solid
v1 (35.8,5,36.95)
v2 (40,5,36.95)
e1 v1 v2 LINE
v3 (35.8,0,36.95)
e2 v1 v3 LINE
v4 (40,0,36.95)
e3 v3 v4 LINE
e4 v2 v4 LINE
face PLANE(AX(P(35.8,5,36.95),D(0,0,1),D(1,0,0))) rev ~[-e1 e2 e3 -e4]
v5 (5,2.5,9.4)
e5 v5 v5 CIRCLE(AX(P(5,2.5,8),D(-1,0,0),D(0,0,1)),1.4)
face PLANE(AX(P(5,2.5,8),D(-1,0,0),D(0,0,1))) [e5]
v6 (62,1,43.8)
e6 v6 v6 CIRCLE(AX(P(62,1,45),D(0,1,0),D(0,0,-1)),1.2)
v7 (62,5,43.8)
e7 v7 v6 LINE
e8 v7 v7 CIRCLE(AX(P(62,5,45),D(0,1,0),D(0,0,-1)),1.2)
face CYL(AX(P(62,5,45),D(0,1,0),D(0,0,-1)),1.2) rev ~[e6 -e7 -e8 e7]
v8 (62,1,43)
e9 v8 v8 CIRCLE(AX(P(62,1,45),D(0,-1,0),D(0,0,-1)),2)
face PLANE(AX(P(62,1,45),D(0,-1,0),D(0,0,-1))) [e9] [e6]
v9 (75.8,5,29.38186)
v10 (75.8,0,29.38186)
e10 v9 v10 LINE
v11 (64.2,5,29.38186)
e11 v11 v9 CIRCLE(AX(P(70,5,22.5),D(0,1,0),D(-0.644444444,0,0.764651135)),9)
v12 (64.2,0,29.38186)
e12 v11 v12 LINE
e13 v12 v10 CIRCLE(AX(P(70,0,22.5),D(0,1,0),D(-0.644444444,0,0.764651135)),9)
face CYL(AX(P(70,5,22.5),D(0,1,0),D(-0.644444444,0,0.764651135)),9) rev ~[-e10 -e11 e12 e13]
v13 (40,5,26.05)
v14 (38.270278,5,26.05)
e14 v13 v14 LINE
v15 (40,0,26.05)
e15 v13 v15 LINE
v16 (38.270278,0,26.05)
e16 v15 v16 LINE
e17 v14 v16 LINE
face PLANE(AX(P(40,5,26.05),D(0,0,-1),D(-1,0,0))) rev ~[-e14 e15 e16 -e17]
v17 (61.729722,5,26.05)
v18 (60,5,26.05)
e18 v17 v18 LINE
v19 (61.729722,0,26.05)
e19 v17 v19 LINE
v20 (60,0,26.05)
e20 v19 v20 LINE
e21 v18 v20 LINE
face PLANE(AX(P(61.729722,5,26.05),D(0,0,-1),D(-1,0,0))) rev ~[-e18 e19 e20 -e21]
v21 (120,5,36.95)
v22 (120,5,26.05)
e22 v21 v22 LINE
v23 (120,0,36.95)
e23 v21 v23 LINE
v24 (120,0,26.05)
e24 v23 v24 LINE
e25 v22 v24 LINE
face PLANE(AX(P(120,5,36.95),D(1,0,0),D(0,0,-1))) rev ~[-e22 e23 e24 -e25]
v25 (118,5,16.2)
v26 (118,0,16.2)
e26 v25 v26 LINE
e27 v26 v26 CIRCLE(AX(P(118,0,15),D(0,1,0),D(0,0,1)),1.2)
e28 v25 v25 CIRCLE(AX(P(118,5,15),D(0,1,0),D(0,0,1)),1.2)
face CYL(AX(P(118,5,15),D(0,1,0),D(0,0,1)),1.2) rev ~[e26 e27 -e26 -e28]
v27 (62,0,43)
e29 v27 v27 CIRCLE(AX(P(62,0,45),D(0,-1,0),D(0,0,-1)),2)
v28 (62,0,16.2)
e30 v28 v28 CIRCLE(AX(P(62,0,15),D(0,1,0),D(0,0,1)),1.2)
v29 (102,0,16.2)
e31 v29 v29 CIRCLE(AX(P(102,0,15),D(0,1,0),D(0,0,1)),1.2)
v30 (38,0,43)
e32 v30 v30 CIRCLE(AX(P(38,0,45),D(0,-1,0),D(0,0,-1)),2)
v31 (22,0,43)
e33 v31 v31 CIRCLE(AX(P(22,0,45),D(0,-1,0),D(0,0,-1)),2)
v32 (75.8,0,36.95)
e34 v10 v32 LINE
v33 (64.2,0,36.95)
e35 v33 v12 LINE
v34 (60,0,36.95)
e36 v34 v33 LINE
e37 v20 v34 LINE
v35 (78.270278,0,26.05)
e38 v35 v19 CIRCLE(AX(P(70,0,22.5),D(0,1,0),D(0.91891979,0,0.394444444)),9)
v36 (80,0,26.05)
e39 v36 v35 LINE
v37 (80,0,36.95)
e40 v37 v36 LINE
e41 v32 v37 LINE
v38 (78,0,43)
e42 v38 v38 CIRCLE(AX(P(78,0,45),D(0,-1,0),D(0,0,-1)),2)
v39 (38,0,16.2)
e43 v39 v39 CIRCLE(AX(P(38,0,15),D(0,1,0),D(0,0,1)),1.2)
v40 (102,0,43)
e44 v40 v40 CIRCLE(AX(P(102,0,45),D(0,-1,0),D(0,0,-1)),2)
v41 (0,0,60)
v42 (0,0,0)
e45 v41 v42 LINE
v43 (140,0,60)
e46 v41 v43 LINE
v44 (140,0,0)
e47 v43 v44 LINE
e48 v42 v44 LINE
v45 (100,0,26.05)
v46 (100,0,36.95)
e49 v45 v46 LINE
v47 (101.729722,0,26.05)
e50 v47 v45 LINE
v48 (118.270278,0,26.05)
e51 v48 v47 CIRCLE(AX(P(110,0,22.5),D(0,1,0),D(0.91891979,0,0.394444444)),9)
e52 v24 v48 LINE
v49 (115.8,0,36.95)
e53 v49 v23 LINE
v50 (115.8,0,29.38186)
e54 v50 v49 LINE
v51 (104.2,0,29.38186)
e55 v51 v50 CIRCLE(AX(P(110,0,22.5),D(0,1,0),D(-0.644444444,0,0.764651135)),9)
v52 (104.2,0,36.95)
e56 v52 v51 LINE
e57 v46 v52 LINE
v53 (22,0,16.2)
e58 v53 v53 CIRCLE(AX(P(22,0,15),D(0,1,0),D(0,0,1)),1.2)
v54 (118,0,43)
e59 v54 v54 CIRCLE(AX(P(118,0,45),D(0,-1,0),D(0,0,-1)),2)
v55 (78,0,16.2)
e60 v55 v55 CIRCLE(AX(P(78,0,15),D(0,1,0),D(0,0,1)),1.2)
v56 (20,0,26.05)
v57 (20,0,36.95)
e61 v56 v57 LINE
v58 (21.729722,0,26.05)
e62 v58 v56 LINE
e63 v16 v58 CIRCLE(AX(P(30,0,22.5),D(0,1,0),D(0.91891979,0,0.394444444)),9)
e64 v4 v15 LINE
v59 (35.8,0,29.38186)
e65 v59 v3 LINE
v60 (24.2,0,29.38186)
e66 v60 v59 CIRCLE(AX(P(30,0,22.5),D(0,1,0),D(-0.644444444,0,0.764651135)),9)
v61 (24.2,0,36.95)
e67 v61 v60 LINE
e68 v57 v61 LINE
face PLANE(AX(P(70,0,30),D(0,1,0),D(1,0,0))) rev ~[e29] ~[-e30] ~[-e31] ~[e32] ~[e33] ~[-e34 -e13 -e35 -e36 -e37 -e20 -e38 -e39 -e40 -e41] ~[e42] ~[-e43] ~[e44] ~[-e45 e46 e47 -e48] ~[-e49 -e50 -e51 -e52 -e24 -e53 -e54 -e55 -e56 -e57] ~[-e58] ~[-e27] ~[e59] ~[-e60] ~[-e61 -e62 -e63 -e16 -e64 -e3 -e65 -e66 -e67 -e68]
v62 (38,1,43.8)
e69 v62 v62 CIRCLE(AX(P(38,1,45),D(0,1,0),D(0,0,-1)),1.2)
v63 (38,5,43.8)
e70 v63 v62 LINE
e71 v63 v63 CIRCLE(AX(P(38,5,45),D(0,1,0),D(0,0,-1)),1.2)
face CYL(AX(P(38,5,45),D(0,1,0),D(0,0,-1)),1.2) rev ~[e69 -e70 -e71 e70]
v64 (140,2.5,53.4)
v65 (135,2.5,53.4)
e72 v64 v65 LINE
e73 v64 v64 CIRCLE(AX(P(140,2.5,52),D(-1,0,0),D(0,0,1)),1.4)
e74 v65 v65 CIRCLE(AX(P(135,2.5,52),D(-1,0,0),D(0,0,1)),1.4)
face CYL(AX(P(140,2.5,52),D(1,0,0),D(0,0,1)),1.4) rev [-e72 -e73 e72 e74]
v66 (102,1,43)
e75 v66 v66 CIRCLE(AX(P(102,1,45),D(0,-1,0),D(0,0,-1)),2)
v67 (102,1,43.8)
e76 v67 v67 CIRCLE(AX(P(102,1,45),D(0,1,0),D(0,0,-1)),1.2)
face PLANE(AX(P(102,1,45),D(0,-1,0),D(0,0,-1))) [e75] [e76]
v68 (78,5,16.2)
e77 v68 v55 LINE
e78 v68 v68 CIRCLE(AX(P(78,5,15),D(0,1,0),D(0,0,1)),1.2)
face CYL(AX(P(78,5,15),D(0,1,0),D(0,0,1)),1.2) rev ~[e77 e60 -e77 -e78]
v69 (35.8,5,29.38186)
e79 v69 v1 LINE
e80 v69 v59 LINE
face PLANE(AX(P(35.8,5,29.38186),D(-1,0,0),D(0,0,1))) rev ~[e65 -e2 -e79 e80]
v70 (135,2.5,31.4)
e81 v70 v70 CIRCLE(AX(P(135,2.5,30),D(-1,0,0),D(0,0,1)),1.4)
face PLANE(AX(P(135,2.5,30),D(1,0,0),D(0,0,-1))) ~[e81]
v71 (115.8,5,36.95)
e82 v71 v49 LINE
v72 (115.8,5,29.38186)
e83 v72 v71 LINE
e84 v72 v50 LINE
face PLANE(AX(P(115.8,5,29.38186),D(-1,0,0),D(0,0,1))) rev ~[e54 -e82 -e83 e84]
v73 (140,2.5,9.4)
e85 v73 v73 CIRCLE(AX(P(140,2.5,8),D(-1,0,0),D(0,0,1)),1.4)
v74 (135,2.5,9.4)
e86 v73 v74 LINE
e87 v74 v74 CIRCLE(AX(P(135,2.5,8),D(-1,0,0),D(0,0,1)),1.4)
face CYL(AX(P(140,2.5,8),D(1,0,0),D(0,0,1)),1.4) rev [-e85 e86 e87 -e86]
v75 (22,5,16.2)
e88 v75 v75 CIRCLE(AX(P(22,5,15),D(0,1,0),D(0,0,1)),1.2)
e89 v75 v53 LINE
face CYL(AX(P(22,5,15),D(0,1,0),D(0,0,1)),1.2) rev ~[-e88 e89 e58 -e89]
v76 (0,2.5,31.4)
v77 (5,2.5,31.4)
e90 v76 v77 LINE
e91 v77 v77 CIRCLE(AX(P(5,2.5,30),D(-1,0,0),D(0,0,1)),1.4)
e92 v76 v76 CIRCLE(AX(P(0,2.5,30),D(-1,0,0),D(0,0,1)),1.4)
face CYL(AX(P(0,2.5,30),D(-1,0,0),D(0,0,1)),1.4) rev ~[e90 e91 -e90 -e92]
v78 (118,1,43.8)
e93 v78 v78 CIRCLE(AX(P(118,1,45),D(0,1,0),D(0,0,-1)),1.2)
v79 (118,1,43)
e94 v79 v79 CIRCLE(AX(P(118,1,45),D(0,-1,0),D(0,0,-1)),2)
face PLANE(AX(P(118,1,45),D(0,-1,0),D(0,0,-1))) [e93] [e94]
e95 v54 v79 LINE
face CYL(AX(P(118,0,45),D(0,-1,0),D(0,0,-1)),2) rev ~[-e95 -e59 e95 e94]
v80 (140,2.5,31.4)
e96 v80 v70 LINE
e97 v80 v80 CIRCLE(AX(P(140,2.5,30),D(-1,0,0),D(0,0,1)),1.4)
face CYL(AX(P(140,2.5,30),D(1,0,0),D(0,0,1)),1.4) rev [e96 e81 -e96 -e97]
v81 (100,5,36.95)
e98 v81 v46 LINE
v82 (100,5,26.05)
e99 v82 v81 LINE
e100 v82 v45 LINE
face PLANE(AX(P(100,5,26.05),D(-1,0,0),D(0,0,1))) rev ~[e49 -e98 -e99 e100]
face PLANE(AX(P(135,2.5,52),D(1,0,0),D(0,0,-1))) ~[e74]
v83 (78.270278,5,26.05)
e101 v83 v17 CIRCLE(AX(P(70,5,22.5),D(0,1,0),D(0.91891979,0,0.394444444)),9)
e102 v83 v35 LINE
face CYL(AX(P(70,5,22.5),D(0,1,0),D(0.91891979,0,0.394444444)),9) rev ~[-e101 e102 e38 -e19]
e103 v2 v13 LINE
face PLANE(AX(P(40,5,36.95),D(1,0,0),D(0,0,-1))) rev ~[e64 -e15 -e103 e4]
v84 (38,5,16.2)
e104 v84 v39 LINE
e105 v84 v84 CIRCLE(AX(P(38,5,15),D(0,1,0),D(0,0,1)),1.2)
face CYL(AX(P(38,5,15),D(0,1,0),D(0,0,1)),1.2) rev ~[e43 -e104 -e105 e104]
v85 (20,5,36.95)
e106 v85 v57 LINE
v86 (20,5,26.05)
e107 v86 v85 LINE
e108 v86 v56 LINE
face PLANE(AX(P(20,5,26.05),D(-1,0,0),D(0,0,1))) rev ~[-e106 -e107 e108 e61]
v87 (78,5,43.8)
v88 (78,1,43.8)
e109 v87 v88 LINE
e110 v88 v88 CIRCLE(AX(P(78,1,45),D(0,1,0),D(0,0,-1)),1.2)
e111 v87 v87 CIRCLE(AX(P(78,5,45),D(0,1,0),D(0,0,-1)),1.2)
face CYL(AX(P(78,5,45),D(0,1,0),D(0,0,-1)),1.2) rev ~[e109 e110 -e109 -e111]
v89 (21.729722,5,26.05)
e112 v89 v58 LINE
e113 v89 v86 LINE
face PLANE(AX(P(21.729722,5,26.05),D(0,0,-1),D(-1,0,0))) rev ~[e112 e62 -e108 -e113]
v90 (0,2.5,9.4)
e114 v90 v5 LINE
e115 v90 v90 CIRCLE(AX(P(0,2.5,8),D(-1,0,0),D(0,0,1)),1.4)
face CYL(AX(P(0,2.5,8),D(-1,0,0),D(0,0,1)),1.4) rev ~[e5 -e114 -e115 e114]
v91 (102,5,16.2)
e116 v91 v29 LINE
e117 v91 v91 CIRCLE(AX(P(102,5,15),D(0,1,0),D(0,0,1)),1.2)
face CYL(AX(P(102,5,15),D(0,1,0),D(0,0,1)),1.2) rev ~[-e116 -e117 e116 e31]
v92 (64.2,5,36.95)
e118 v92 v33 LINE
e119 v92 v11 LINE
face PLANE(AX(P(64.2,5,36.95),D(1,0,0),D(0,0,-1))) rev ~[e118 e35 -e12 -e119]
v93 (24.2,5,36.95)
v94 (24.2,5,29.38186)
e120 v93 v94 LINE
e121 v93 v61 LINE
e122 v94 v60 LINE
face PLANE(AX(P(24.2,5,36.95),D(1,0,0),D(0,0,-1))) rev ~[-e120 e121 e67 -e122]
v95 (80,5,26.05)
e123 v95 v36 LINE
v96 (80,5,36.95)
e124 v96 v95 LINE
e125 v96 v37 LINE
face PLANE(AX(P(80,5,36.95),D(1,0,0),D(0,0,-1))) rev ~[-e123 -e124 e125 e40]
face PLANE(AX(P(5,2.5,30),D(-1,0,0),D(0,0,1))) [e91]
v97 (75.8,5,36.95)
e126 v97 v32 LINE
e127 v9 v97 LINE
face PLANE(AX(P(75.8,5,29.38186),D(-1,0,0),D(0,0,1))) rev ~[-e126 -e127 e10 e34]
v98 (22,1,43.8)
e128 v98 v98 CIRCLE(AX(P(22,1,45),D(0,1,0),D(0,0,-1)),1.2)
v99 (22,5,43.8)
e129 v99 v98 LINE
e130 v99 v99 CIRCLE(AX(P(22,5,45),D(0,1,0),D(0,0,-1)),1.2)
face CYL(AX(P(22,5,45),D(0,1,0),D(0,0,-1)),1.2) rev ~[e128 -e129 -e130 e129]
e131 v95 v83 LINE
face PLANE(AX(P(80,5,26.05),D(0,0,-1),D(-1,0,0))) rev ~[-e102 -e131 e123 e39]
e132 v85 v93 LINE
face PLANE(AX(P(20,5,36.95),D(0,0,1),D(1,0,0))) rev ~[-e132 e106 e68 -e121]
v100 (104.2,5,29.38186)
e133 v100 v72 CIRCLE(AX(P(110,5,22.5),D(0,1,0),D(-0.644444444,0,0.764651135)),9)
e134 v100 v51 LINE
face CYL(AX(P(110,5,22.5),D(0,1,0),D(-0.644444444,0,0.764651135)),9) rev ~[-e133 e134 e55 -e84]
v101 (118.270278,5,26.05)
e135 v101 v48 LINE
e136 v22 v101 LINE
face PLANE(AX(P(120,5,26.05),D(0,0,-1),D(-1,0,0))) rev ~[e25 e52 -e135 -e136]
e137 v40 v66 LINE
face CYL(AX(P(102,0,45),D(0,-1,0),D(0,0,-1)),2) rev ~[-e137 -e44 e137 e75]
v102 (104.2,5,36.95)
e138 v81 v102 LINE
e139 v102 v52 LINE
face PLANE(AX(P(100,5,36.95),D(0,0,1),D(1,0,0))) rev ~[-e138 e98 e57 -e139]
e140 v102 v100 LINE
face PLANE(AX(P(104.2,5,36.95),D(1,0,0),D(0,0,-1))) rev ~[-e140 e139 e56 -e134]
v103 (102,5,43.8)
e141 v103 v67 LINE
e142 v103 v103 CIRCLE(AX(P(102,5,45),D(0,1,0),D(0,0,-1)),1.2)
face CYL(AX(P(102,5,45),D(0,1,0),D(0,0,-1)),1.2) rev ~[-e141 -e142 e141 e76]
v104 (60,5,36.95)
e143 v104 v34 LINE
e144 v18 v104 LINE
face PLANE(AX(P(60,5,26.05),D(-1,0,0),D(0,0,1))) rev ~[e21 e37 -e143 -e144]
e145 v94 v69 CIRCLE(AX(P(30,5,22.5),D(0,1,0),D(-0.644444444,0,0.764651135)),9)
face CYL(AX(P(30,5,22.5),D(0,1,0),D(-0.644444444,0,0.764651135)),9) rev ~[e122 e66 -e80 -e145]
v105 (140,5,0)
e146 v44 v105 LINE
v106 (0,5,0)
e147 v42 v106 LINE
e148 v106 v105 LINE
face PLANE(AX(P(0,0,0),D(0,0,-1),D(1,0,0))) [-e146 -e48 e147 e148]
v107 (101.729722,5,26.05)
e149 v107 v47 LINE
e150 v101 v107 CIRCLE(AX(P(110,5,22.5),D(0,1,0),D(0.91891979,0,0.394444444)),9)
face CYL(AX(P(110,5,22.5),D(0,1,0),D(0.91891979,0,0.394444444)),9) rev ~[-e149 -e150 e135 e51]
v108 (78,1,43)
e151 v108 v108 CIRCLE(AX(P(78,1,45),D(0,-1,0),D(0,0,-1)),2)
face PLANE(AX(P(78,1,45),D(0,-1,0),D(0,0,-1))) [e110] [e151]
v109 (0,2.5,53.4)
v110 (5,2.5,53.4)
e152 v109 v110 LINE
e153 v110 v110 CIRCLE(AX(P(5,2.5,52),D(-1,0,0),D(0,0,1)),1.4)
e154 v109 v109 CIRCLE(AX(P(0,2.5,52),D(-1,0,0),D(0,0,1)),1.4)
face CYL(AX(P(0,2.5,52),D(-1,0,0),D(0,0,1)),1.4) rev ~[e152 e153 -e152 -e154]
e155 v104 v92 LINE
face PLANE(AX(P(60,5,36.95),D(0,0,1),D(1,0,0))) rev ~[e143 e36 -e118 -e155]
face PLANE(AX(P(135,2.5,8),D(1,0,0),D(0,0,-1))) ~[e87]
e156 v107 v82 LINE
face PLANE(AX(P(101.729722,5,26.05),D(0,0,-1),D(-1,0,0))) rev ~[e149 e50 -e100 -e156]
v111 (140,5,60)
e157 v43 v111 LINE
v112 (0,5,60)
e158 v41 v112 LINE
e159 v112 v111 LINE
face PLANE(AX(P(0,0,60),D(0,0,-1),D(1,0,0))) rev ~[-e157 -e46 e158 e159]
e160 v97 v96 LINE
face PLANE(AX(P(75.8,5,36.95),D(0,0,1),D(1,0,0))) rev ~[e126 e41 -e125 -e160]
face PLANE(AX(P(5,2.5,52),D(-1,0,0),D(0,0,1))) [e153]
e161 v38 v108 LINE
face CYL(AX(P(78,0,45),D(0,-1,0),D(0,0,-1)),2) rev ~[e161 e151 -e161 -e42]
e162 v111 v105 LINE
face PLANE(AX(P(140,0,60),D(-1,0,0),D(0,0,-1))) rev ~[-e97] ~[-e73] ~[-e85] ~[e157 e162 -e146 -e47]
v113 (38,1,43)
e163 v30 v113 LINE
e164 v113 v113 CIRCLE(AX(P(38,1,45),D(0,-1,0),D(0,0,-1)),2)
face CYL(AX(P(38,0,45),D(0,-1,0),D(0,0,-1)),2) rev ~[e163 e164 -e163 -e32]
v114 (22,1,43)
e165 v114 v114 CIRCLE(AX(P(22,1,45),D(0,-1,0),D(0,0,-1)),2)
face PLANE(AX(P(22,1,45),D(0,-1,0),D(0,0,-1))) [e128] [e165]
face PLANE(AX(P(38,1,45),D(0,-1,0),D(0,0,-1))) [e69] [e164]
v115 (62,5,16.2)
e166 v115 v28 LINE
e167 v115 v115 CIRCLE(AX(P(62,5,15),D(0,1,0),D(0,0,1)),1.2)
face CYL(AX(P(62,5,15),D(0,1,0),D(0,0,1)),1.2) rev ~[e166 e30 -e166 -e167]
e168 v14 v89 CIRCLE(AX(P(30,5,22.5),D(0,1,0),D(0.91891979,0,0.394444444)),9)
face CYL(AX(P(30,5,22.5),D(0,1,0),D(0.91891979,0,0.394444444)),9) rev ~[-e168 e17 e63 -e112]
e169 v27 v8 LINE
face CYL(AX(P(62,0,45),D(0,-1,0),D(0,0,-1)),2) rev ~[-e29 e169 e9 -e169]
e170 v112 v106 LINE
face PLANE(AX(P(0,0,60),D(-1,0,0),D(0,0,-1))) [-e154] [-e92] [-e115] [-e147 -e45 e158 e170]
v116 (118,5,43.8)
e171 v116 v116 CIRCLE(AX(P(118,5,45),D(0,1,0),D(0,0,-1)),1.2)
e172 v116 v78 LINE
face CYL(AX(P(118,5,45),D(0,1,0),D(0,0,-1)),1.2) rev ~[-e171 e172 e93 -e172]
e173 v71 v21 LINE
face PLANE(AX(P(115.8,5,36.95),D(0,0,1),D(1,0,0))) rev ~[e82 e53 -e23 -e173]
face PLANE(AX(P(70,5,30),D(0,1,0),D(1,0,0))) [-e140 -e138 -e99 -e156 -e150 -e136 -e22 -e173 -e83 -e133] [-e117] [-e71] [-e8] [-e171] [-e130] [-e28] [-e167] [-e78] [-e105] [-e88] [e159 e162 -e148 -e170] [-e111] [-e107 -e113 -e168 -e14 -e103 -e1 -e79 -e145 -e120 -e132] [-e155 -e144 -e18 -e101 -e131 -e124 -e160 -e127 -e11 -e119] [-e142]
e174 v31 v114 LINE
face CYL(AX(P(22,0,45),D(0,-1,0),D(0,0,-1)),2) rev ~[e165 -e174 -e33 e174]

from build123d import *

# Parameters (mm, degrees)
SKETCH_1_W             = 140
SKETCH_1_H             = 60
EXTRUDE_1_DEPTH        = 5
SKETCH_2_R             = 1.2
CUT_EXTRUDE_1096_DEPTH = 153.397506541
SKETCH_4_R             = 1.4
CUT_EXTRUDE_3_DEPTH    = 5
PATTERN_LINEAR_1_COUNT = 3
PATTERN_LINEAR_1_PITCH = 40
SKETCH_6_R             = 2
CUT_EXTRUDE_4_DEPTH    = 1


with BuildPart() as part:
    # 草图1 → 凸台-拉伸1 (new body)
    with BuildSketch(Plane(origin=(0, 0, 0), x_dir=(1, 0, 0), z_dir=(0, 1, 0))):
        with Locations((70, -30)):
            Rectangle(SKETCH_1_W, SKETCH_1_H)
    extrude(amount=EXTRUDE_1_DEPTH)

    # 草图2 → Cut-Extrude 1096 (cut, through all)
    with BuildSketch(Plane(origin=(0, 5, 0), x_dir=(1, 0, 0), z_dir=(0, 1, 0))):
        with Locations((102, -15)):
            Circle(SKETCH_2_R)
        with Locations((118, -15)):
            Circle(SKETCH_2_R)
        with Locations((102, -45)):
            Circle(SKETCH_2_R)
        with Locations((118, -45)):
            Circle(SKETCH_2_R)
        with BuildLine():
            Line((100, -26.05), (100, -36.95))
            Line((100, -36.95), (104.2, -36.95))
            Line((104.2, -36.95), (104.2, -29.381860214))
            ThreePointArc((104.2, -29.381860214), (110, -31.5), (115.8, -29.381860214))
            Line((115.8, -29.381860214), (115.8, -36.95))
            Line((115.8, -36.95), (120, -36.95))
            Line((120, -36.95), (120, -26.05))
            Line((120, -26.05), (118.270278109, -26.05))
            ThreePointArc((118.270278109, -26.05), (110, -13.5), (101.729721891, -26.05))
            Line((101.729721891, -26.05), (100, -26.05))
        make_face()
    cut_extrude_1096 = extrude(amount=-CUT_EXTRUDE_1096_DEPTH, mode=Mode.SUBTRACT)

    # 草图4 → 切除-拉伸3 (cut)
    with BuildSketch(Plane.ZY):
        with Locations((30, 2.5)):
            Circle(SKETCH_4_R)
        with Locations((8, 2.5)):
            Circle(SKETCH_4_R)
        with Locations((52, 2.5)):
            Circle(SKETCH_4_R)
    cut_extrude_3 = extrude(amount=-CUT_EXTRUDE_3_DEPTH, mode=Mode.SUBTRACT)

    # 镜向1: 切除-拉伸3 across plane
    add(cut_extrude_3.mirror(Plane(origin=(70, 0, 0), x_dir=(0, 0, 1), z_dir=(1, 0, 0))), mode=Mode.SUBTRACT)

    # 阵列(线性)1: Cut-Extrude 1096 ×3
    with Locations(*[(-i * PATTERN_LINEAR_1_PITCH, 0, 0) for i in range(1, PATTERN_LINEAR_1_COUNT)]):
        add(cut_extrude_1096, mode=Mode.SUBTRACT)

    # 草图6 → 切除-拉伸4 (cut)
    with BuildSketch(Plane.XZ):
        with Locations((22, 45)):
            Circle(SKETCH_6_R)
        with Locations((38, 45)):
            Circle(SKETCH_6_R)
        with Locations((62, 45)):
            Circle(SKETCH_6_R)
        with Locations((78, 45)):
            Circle(SKETCH_6_R)
        with Locations((102, 45)):
            Circle(SKETCH_6_R)
        with Locations((118, 45)):
            Circle(SKETCH_6_R)
    extrude(amount=-CUT_EXTRUDE_4_DEPTH, mode=Mode.SUBTRACT)


solid = part.part
